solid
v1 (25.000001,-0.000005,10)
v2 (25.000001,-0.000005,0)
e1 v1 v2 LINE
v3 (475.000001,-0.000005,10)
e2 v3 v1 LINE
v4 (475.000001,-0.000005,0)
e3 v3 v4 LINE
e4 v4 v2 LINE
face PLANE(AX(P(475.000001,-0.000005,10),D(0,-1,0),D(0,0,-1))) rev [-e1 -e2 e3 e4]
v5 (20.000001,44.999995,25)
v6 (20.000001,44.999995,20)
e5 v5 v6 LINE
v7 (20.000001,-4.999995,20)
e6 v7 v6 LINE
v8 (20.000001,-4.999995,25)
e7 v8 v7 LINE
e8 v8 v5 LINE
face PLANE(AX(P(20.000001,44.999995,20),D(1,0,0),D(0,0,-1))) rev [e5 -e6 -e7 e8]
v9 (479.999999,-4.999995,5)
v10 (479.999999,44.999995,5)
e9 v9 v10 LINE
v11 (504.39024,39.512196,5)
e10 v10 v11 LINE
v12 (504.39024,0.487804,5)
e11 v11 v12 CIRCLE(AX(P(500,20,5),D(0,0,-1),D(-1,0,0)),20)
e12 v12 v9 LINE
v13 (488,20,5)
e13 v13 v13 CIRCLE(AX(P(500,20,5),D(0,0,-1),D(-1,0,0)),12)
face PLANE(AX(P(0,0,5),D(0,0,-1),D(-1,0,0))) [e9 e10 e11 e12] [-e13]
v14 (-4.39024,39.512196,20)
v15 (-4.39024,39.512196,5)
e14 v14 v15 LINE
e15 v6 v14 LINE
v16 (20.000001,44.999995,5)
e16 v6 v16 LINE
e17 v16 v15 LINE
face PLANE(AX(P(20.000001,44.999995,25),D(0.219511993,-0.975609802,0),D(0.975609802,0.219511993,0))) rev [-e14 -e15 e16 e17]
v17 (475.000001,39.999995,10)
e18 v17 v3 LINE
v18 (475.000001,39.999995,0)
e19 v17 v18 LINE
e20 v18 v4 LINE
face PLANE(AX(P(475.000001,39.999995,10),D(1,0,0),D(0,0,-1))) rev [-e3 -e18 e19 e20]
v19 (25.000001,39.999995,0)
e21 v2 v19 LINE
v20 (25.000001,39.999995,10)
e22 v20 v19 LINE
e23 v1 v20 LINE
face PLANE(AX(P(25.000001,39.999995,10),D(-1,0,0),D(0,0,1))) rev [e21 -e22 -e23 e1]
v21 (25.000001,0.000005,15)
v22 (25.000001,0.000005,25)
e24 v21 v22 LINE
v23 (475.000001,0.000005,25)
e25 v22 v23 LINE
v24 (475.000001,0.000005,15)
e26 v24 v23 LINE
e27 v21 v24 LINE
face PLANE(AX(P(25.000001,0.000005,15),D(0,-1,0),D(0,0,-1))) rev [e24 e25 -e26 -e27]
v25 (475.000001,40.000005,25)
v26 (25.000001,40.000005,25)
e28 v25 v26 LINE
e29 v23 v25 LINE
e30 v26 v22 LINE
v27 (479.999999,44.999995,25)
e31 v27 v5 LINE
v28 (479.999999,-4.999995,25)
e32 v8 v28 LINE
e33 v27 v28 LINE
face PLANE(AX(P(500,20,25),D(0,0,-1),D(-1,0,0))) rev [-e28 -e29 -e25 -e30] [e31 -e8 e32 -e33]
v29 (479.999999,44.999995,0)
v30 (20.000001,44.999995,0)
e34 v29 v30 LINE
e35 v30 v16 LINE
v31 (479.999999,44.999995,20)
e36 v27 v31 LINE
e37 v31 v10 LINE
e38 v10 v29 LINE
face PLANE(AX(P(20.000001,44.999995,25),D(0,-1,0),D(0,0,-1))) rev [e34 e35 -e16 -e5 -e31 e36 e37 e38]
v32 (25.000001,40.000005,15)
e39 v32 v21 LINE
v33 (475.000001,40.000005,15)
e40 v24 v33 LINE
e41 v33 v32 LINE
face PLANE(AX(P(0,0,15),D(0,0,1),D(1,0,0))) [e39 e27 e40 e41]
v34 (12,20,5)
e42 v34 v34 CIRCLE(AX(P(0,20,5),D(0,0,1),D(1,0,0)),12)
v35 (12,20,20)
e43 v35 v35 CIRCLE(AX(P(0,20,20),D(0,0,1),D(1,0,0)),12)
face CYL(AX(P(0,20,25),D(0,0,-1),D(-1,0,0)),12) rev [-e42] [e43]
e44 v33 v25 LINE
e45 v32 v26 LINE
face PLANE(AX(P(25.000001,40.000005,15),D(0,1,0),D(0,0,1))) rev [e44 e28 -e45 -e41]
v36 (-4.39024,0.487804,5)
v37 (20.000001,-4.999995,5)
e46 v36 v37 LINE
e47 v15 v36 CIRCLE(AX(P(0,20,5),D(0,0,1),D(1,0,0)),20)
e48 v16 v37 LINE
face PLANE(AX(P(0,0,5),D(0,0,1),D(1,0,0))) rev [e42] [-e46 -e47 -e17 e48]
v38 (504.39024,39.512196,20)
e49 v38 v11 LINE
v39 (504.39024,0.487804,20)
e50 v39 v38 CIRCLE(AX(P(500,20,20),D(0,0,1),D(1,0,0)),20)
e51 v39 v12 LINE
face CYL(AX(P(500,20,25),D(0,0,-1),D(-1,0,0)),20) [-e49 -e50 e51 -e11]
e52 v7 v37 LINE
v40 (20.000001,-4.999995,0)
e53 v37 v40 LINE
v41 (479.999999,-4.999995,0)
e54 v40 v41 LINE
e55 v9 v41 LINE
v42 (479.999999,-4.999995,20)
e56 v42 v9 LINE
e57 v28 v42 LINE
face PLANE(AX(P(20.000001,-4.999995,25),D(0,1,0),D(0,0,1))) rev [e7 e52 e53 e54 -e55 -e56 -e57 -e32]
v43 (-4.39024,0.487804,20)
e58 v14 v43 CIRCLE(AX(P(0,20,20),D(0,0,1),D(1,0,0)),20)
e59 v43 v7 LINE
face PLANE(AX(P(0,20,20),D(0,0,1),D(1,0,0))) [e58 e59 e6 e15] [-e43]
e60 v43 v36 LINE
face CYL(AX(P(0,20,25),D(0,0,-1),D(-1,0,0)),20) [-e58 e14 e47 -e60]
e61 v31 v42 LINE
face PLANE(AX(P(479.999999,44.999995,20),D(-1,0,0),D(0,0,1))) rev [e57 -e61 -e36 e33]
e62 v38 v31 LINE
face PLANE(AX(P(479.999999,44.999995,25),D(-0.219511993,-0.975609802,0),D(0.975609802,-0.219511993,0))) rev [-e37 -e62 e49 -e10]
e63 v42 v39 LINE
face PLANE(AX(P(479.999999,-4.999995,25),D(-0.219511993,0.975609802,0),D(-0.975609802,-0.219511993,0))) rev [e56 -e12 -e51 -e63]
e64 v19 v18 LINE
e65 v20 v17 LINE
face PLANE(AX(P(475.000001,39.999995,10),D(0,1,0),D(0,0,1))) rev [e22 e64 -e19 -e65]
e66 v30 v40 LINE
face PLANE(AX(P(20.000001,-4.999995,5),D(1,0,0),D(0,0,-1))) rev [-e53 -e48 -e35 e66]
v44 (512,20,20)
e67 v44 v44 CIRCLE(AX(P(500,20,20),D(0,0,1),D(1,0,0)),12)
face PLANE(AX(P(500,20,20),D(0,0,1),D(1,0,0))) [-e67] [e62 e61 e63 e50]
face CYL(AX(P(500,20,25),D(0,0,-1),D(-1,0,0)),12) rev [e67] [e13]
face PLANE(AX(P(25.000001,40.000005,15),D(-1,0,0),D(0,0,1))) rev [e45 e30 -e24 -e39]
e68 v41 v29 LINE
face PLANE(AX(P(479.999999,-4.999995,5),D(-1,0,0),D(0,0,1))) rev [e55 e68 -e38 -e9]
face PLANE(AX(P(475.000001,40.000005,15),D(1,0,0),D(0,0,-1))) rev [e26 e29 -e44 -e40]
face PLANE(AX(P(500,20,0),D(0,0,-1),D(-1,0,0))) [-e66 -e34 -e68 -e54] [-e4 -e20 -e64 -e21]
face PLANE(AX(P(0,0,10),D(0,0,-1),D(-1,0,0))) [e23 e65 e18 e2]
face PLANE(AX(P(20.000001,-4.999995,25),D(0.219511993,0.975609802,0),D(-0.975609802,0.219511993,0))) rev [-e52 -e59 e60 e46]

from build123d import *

# Parameters (mm, degrees)
SKETCH_1_R          = 12
EXTRUDE_1_DEPTH     = 25
CUT_EXTRUDE_START   = -5
CUT_EXTRUDE_1_DEPTH = 5
SKETCH_4_W          = 52.563829399
SKETCH_4_H          = 76.236989851
SKETCH_4_W_2        = 57.767152805
SKETCH_4_H_2        = 93.721065463
CUT_EXTRUDE_5_DEPTH = 5
SKETCH_5_W          = 450
SKETCH_5_H          = 40
CUT_EXTRUDE_6_DEPTH = 10
SKETCH_7_W          = 450
SKETCH_7_H          = 40
CUT_EXTRUDE_7_DEPTH = 10


with BuildPart() as part:
    # 草图1 → 凸台-拉伸1 (new body)
    with BuildSketch(Plane.XY):
        with BuildLine():
            Line((20.000001136, 44.999994952), (-4.390239864, 39.512196031))
            ThreePointArc((-4.390239864, 39.512196031), (-20, 20), (-4.390239864, 0.487803969))
            Line((-4.390239864, 0.487803969), (20.000001136, -4.999994952))
            Line((20.000001136, -4.999994952), (479.999998864, -4.999994952))
            Line((479.999998864, -4.999994952), (504.390239864, 0.487803969))
            ThreePointArc((504.390239864, 0.487803969), (520, 20), (504.390239864, 39.512196031))
            Line((504.390239864, 39.512196031), (479.999998864, 44.999994952))
            Line((479.999998864, 44.999994952), (20.000001136, 44.999994952))
        make_face()
        with Locations((0, 20)):
            Circle(SKETCH_1_R, mode=Mode.SUBTRACT)
        with Locations(Location((500, 20, 0), (0, 0, 180))):
            Circle(SKETCH_1_R, mode=Mode.SUBTRACT)
    extrude(amount=EXTRUDE_1_DEPTH)

    # 草图2 → 切除-拉伸1 (cut)
    with BuildSketch(Plane.XY.offset(25).offset(CUT_EXTRUDE_START)):
        with BuildLine():
            Line((-4.390239864, 39.512196031), (20.000001136, 44.999994952))
            Line((20.000001136, 44.999994952), (20.000001136, -4.999994952))
            Line((20.000001136, -4.999994952), (-4.390239864, 0.487803969))
            ThreePointArc((-4.390239864, 0.487803969), (-20, 20), (-4.390239864, 39.512196031))
        make_face()
        with BuildLine():
            Line((504.390239864, 39.512196031), (479.999998864, 44.999994952))
            Line((479.999998864, 44.999994952), (479.999998864, -4.999994952))
            Line((479.999998864, -4.999994952), (504.390239864, 0.487803969))
            ThreePointArc((504.390239864, 0.487803969), (520, 20), (504.390239864, 39.512196031))
        make_face()
    extrude(amount=CUT_EXTRUDE_1_DEPTH, mode=Mode.SUBTRACT)

    # 草图4 → 切除-拉伸5 (cut)
    with BuildSketch(Plane(origin=(0, 0, 0), x_dir=(-1, 0, 0), z_dir=(0, 0, -1))):
        with Locations((-506.281913563, 33.118499974)):
            Rectangle(SKETCH_4_W, SKETCH_4_H)
        with Locations((8.883575266, 41.86053778)):
            Rectangle(SKETCH_4_W_2, SKETCH_4_H_2)
    extrude(amount=-CUT_EXTRUDE_5_DEPTH, mode=Mode.SUBTRACT)

    # 草图5 → 切除-拉伸6 (cut)
    with BuildSketch(Plane(origin=(0, 0, 0), x_dir=(-1, 0, 0), z_dir=(0, 0, -1))):
        with Locations((-250.000001136, 19.999994952)):
            Rectangle(SKETCH_5_W, SKETCH_5_H)
    extrude(amount=-CUT_EXTRUDE_6_DEPTH, mode=Mode.SUBTRACT)

    # 草图7 → 切除-拉伸7 (cut)
    with BuildSketch(Plane.XY.offset(25)):
        with Locations((250.000001136, 20.000005048)):
            Rectangle(SKETCH_7_W, SKETCH_7_H)
    extrude(amount=-CUT_EXTRUDE_7_DEPTH, mode=Mode.SUBTRACT)


solid = part.part
